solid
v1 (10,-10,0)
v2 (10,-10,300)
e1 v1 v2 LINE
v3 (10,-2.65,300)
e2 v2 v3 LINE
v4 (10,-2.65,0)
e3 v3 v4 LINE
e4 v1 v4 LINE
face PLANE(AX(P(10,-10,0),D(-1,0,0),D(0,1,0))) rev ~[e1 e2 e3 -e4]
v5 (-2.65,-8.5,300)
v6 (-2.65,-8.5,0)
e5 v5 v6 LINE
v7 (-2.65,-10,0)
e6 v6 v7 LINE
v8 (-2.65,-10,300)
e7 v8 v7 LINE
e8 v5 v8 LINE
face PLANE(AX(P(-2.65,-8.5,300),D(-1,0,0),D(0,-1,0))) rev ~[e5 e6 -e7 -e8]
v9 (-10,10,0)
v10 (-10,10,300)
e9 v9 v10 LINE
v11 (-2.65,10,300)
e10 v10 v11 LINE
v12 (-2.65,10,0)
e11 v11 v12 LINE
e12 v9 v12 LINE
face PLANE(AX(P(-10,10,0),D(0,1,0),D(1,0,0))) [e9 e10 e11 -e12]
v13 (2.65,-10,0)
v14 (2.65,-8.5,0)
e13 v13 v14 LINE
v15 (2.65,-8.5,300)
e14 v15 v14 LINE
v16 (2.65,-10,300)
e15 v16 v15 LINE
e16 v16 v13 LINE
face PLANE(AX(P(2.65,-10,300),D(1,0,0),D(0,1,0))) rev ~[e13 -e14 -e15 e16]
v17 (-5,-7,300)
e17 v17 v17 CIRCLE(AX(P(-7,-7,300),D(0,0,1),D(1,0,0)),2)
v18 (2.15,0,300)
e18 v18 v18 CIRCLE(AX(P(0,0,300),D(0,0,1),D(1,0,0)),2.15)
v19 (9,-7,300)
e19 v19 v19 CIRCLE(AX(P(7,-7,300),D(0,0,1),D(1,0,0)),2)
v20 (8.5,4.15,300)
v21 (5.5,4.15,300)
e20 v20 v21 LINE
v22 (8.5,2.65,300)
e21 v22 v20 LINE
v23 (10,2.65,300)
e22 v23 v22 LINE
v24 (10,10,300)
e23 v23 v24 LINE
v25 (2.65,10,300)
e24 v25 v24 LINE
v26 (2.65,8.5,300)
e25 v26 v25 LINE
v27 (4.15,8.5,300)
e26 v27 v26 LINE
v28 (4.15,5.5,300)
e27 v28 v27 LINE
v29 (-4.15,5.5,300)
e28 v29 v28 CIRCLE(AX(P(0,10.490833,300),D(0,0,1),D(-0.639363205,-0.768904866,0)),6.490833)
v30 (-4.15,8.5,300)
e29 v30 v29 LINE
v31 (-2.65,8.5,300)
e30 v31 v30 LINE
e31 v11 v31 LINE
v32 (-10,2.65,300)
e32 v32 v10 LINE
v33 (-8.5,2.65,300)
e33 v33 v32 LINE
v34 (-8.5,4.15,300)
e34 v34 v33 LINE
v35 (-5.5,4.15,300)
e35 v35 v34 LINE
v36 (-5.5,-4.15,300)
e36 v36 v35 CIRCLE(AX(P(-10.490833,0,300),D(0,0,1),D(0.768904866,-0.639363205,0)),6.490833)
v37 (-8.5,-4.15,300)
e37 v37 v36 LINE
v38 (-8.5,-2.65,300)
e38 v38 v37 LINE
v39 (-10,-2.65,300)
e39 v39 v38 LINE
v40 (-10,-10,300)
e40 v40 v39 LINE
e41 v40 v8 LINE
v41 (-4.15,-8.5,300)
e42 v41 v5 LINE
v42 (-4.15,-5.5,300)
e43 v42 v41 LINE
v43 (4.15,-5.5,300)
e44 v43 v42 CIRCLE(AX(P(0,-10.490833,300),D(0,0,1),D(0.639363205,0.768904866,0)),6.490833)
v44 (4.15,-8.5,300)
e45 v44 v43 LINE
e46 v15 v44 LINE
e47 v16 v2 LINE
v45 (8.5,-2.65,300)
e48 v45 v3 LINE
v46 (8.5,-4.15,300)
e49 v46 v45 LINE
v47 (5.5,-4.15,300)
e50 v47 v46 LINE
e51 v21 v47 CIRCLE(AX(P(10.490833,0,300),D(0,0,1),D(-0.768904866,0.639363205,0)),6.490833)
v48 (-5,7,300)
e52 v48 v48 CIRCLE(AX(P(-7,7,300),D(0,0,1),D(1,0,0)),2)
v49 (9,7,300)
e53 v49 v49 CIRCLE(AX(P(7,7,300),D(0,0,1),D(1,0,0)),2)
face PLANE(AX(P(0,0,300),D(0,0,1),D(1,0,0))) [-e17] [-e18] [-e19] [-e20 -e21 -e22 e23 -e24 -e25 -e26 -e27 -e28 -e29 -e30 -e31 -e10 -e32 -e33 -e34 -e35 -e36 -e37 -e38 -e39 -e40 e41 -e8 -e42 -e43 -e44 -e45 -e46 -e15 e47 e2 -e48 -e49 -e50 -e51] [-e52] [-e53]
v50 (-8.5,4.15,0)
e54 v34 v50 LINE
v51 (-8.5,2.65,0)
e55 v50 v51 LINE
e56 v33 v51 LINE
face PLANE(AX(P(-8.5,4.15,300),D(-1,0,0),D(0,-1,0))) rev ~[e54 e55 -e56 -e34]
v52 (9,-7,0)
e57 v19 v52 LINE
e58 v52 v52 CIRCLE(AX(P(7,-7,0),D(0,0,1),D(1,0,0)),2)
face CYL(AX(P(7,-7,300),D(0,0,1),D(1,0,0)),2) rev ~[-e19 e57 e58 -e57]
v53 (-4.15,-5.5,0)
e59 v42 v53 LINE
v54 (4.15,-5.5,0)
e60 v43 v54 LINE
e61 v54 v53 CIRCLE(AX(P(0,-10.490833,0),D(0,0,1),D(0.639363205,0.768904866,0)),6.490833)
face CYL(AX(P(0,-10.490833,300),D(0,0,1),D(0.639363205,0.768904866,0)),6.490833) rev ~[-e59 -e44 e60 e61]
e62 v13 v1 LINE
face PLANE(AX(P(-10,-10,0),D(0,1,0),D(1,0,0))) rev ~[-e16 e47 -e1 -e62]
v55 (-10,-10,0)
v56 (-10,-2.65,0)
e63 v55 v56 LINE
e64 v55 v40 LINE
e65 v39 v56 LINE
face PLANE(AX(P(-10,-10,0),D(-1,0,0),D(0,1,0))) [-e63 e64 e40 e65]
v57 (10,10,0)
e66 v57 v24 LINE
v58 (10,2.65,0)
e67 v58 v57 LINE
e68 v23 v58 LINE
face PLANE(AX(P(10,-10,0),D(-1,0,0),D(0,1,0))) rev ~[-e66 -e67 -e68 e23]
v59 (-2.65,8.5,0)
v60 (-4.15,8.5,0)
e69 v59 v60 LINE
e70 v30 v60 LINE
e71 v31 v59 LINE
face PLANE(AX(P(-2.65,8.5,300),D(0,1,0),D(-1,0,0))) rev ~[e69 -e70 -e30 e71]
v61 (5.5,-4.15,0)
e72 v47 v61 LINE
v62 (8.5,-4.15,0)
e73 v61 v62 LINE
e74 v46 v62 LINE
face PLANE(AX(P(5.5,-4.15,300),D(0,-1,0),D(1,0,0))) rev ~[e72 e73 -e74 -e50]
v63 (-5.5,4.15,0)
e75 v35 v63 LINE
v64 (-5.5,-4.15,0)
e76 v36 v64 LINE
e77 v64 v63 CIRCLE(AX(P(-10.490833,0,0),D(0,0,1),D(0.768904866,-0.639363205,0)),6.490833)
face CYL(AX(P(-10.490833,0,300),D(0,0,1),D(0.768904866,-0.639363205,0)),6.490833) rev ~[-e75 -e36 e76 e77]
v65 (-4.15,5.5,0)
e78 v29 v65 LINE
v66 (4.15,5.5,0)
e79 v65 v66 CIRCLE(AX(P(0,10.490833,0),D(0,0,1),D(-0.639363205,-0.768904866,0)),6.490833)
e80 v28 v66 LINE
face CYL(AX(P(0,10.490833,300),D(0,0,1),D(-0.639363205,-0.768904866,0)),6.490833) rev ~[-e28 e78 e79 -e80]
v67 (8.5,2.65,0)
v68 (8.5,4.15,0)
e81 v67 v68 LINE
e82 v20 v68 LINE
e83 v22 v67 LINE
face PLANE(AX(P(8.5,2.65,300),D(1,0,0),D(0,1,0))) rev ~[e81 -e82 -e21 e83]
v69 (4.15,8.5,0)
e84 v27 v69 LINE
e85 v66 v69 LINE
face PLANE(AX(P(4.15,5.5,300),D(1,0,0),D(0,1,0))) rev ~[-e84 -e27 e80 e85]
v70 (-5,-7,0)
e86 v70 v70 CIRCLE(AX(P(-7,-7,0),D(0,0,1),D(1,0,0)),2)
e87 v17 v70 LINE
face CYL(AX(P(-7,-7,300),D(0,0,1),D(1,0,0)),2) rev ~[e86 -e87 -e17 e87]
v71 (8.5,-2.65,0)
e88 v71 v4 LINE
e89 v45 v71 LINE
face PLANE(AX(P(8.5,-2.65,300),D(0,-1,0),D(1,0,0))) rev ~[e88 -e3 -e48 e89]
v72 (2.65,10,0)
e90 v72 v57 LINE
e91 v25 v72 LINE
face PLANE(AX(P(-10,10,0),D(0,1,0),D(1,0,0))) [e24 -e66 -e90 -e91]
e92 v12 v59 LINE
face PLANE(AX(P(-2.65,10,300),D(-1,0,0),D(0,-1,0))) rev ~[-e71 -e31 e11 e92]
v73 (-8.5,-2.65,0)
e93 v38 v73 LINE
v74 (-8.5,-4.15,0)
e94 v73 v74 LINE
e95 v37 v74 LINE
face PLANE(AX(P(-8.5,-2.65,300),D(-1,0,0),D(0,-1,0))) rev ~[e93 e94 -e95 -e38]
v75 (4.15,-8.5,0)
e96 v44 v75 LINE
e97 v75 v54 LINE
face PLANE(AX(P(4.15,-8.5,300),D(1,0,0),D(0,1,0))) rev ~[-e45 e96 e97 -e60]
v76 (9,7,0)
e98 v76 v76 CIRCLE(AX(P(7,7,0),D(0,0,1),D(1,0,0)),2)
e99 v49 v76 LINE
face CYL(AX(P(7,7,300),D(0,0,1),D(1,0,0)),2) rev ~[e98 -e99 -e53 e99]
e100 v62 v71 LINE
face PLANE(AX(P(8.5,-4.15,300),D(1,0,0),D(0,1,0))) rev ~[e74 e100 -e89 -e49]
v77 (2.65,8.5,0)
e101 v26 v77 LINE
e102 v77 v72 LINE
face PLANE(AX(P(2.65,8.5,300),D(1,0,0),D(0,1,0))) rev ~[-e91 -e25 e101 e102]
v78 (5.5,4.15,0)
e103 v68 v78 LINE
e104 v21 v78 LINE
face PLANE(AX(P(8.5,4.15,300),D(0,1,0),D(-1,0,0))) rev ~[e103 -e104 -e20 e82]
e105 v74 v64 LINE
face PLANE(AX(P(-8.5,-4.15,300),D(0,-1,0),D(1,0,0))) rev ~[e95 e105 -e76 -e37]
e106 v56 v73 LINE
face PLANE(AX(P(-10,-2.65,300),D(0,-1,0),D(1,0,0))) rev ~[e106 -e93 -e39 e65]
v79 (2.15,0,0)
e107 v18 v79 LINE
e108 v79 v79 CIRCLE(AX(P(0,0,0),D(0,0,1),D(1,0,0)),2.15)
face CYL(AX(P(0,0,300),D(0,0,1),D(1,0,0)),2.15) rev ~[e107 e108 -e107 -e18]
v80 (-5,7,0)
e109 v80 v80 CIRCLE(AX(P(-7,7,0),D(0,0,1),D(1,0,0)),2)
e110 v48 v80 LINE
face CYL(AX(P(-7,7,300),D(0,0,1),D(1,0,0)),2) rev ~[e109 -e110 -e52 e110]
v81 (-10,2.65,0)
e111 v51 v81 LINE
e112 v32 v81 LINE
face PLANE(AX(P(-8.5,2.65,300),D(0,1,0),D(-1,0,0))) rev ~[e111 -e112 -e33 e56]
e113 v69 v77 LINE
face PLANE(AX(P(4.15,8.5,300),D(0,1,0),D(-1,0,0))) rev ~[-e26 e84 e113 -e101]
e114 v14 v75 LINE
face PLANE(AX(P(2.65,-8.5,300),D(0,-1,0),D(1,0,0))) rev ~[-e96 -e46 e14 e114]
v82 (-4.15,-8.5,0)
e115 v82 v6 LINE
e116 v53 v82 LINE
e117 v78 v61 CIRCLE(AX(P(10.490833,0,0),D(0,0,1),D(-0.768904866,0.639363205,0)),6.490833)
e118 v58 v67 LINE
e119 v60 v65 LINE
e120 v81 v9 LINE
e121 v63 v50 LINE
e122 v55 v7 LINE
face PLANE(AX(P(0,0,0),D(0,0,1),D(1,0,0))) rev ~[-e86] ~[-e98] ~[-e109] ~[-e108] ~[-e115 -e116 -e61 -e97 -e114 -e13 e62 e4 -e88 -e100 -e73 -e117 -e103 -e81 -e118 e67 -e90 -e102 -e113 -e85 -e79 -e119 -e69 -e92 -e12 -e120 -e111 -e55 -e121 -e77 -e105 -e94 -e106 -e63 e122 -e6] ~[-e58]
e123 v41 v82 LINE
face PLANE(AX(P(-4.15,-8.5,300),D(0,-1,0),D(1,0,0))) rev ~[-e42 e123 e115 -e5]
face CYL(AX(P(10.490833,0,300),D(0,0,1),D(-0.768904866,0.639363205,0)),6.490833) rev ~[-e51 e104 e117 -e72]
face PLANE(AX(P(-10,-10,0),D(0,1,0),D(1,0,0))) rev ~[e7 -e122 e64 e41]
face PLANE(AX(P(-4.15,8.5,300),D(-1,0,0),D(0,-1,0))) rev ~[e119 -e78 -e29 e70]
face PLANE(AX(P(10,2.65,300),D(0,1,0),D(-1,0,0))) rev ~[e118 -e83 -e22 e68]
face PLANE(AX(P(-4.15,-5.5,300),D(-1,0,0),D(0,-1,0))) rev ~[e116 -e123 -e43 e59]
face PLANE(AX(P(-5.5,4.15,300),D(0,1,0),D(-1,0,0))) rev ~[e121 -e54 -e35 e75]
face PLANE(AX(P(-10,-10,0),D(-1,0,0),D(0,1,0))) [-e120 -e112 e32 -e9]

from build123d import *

# Parameters (mm, degrees)
SKETCH_1_W          = 20
SKETCH_1_H          = 20
EXTRUDE_1_DEPTH     = 300
SKETCH_2_R          = 2.15
SKETCH_2_R_2        = 2
CUT_EXTRUDE_1_DEPTH = 300


with BuildPart() as part:
    # 스케치1 → 보스-돌출1 (new body)
    with BuildSketch(Plane.XY):
        Rectangle(SKETCH_1_W, SKETCH_1_H)
    extrude(amount=EXTRUDE_1_DEPTH)

    # 스케치2 → 컷-돌출1 (cut)
    with BuildSketch(Plane.XY.offset(300)):
        Circle(SKETCH_2_R)
        with Locations((-7, 7)):
            Circle(SKETCH_2_R_2)
        with Locations((7, 7)):
            Circle(SKETCH_2_R_2)
        with Locations((7, -7)):
            Circle(SKETCH_2_R_2)
        with Locations((-7, -7)):
            Circle(SKETCH_2_R_2)
        with BuildLine():
            Line((-2.65, 10), (-2.65, 8.5))
            Line((-2.65, 8.5), (-4.15, 8.5))
            Line((-4.15, 8.5), (-4.15, 5.5))
            ThreePointArc((-4.15, 5.5), (0, 4), (4.15, 5.5))
            Line((4.15, 5.5), (4.15, 8.5))
            Line((4.15, 8.5), (2.65, 8.5))
            Line((2.65, 8.5), (2.65, 10))
            Line((2.65, 10), (-2.65, 10))
        make_face()
        with BuildLine():
            Line((10, 2.65), (8.5, 2.65))
            Line((8.5, 2.65), (8.5, 4.15))
            Line((8.5, 4.15), (5.5, 4.15))
            ThreePointArc((5.5, 4.15), (4, 0), (5.5, -4.15))
            Line((5.5, -4.15), (8.5, -4.15))
            Line((8.5, -4.15), (8.5, -2.65))
            Line((8.5, -2.65), (10, -2.65))
            Line((10, -2.65), (10, 2.65))
        make_face()
        with BuildLine():
            Line((2.65, -10), (2.65, -8.5))
            Line((2.65, -8.5), (4.15, -8.5))
            Line((4.15, -8.5), (4.15, -5.5))
            ThreePointArc((4.15, -5.5), (0, -4), (-4.15, -5.5))
            Line((-4.15, -5.5), (-4.15, -8.5))
            Line((-4.15, -8.5), (-2.65, -8.5))
            Line((-2.65, -8.5), (-2.65, -10))
            Line((-2.65, -10), (2.65, -10))
        make_face()
        with BuildLine():
            Line((-10, -2.65), (-8.5, -2.65))
            Line((-8.5, -2.65), (-8.5, -4.15))
            Line((-8.5, -4.15), (-5.5, -4.15))
            ThreePointArc((-5.5, -4.15), (-4, 0), (-5.5, 4.15))
            Line((-5.5, 4.15), (-8.5, 4.15))
            Line((-8.5, 4.15), (-8.5, 2.65))
            Line((-8.5, 2.65), (-10, 2.65))
            Line((-10, 2.65), (-10, -2.65))
        make_face()
    extrude(amount=-CUT_EXTRUDE_1_DEPTH, mode=Mode.SUBTRACT)


solid = part.part
